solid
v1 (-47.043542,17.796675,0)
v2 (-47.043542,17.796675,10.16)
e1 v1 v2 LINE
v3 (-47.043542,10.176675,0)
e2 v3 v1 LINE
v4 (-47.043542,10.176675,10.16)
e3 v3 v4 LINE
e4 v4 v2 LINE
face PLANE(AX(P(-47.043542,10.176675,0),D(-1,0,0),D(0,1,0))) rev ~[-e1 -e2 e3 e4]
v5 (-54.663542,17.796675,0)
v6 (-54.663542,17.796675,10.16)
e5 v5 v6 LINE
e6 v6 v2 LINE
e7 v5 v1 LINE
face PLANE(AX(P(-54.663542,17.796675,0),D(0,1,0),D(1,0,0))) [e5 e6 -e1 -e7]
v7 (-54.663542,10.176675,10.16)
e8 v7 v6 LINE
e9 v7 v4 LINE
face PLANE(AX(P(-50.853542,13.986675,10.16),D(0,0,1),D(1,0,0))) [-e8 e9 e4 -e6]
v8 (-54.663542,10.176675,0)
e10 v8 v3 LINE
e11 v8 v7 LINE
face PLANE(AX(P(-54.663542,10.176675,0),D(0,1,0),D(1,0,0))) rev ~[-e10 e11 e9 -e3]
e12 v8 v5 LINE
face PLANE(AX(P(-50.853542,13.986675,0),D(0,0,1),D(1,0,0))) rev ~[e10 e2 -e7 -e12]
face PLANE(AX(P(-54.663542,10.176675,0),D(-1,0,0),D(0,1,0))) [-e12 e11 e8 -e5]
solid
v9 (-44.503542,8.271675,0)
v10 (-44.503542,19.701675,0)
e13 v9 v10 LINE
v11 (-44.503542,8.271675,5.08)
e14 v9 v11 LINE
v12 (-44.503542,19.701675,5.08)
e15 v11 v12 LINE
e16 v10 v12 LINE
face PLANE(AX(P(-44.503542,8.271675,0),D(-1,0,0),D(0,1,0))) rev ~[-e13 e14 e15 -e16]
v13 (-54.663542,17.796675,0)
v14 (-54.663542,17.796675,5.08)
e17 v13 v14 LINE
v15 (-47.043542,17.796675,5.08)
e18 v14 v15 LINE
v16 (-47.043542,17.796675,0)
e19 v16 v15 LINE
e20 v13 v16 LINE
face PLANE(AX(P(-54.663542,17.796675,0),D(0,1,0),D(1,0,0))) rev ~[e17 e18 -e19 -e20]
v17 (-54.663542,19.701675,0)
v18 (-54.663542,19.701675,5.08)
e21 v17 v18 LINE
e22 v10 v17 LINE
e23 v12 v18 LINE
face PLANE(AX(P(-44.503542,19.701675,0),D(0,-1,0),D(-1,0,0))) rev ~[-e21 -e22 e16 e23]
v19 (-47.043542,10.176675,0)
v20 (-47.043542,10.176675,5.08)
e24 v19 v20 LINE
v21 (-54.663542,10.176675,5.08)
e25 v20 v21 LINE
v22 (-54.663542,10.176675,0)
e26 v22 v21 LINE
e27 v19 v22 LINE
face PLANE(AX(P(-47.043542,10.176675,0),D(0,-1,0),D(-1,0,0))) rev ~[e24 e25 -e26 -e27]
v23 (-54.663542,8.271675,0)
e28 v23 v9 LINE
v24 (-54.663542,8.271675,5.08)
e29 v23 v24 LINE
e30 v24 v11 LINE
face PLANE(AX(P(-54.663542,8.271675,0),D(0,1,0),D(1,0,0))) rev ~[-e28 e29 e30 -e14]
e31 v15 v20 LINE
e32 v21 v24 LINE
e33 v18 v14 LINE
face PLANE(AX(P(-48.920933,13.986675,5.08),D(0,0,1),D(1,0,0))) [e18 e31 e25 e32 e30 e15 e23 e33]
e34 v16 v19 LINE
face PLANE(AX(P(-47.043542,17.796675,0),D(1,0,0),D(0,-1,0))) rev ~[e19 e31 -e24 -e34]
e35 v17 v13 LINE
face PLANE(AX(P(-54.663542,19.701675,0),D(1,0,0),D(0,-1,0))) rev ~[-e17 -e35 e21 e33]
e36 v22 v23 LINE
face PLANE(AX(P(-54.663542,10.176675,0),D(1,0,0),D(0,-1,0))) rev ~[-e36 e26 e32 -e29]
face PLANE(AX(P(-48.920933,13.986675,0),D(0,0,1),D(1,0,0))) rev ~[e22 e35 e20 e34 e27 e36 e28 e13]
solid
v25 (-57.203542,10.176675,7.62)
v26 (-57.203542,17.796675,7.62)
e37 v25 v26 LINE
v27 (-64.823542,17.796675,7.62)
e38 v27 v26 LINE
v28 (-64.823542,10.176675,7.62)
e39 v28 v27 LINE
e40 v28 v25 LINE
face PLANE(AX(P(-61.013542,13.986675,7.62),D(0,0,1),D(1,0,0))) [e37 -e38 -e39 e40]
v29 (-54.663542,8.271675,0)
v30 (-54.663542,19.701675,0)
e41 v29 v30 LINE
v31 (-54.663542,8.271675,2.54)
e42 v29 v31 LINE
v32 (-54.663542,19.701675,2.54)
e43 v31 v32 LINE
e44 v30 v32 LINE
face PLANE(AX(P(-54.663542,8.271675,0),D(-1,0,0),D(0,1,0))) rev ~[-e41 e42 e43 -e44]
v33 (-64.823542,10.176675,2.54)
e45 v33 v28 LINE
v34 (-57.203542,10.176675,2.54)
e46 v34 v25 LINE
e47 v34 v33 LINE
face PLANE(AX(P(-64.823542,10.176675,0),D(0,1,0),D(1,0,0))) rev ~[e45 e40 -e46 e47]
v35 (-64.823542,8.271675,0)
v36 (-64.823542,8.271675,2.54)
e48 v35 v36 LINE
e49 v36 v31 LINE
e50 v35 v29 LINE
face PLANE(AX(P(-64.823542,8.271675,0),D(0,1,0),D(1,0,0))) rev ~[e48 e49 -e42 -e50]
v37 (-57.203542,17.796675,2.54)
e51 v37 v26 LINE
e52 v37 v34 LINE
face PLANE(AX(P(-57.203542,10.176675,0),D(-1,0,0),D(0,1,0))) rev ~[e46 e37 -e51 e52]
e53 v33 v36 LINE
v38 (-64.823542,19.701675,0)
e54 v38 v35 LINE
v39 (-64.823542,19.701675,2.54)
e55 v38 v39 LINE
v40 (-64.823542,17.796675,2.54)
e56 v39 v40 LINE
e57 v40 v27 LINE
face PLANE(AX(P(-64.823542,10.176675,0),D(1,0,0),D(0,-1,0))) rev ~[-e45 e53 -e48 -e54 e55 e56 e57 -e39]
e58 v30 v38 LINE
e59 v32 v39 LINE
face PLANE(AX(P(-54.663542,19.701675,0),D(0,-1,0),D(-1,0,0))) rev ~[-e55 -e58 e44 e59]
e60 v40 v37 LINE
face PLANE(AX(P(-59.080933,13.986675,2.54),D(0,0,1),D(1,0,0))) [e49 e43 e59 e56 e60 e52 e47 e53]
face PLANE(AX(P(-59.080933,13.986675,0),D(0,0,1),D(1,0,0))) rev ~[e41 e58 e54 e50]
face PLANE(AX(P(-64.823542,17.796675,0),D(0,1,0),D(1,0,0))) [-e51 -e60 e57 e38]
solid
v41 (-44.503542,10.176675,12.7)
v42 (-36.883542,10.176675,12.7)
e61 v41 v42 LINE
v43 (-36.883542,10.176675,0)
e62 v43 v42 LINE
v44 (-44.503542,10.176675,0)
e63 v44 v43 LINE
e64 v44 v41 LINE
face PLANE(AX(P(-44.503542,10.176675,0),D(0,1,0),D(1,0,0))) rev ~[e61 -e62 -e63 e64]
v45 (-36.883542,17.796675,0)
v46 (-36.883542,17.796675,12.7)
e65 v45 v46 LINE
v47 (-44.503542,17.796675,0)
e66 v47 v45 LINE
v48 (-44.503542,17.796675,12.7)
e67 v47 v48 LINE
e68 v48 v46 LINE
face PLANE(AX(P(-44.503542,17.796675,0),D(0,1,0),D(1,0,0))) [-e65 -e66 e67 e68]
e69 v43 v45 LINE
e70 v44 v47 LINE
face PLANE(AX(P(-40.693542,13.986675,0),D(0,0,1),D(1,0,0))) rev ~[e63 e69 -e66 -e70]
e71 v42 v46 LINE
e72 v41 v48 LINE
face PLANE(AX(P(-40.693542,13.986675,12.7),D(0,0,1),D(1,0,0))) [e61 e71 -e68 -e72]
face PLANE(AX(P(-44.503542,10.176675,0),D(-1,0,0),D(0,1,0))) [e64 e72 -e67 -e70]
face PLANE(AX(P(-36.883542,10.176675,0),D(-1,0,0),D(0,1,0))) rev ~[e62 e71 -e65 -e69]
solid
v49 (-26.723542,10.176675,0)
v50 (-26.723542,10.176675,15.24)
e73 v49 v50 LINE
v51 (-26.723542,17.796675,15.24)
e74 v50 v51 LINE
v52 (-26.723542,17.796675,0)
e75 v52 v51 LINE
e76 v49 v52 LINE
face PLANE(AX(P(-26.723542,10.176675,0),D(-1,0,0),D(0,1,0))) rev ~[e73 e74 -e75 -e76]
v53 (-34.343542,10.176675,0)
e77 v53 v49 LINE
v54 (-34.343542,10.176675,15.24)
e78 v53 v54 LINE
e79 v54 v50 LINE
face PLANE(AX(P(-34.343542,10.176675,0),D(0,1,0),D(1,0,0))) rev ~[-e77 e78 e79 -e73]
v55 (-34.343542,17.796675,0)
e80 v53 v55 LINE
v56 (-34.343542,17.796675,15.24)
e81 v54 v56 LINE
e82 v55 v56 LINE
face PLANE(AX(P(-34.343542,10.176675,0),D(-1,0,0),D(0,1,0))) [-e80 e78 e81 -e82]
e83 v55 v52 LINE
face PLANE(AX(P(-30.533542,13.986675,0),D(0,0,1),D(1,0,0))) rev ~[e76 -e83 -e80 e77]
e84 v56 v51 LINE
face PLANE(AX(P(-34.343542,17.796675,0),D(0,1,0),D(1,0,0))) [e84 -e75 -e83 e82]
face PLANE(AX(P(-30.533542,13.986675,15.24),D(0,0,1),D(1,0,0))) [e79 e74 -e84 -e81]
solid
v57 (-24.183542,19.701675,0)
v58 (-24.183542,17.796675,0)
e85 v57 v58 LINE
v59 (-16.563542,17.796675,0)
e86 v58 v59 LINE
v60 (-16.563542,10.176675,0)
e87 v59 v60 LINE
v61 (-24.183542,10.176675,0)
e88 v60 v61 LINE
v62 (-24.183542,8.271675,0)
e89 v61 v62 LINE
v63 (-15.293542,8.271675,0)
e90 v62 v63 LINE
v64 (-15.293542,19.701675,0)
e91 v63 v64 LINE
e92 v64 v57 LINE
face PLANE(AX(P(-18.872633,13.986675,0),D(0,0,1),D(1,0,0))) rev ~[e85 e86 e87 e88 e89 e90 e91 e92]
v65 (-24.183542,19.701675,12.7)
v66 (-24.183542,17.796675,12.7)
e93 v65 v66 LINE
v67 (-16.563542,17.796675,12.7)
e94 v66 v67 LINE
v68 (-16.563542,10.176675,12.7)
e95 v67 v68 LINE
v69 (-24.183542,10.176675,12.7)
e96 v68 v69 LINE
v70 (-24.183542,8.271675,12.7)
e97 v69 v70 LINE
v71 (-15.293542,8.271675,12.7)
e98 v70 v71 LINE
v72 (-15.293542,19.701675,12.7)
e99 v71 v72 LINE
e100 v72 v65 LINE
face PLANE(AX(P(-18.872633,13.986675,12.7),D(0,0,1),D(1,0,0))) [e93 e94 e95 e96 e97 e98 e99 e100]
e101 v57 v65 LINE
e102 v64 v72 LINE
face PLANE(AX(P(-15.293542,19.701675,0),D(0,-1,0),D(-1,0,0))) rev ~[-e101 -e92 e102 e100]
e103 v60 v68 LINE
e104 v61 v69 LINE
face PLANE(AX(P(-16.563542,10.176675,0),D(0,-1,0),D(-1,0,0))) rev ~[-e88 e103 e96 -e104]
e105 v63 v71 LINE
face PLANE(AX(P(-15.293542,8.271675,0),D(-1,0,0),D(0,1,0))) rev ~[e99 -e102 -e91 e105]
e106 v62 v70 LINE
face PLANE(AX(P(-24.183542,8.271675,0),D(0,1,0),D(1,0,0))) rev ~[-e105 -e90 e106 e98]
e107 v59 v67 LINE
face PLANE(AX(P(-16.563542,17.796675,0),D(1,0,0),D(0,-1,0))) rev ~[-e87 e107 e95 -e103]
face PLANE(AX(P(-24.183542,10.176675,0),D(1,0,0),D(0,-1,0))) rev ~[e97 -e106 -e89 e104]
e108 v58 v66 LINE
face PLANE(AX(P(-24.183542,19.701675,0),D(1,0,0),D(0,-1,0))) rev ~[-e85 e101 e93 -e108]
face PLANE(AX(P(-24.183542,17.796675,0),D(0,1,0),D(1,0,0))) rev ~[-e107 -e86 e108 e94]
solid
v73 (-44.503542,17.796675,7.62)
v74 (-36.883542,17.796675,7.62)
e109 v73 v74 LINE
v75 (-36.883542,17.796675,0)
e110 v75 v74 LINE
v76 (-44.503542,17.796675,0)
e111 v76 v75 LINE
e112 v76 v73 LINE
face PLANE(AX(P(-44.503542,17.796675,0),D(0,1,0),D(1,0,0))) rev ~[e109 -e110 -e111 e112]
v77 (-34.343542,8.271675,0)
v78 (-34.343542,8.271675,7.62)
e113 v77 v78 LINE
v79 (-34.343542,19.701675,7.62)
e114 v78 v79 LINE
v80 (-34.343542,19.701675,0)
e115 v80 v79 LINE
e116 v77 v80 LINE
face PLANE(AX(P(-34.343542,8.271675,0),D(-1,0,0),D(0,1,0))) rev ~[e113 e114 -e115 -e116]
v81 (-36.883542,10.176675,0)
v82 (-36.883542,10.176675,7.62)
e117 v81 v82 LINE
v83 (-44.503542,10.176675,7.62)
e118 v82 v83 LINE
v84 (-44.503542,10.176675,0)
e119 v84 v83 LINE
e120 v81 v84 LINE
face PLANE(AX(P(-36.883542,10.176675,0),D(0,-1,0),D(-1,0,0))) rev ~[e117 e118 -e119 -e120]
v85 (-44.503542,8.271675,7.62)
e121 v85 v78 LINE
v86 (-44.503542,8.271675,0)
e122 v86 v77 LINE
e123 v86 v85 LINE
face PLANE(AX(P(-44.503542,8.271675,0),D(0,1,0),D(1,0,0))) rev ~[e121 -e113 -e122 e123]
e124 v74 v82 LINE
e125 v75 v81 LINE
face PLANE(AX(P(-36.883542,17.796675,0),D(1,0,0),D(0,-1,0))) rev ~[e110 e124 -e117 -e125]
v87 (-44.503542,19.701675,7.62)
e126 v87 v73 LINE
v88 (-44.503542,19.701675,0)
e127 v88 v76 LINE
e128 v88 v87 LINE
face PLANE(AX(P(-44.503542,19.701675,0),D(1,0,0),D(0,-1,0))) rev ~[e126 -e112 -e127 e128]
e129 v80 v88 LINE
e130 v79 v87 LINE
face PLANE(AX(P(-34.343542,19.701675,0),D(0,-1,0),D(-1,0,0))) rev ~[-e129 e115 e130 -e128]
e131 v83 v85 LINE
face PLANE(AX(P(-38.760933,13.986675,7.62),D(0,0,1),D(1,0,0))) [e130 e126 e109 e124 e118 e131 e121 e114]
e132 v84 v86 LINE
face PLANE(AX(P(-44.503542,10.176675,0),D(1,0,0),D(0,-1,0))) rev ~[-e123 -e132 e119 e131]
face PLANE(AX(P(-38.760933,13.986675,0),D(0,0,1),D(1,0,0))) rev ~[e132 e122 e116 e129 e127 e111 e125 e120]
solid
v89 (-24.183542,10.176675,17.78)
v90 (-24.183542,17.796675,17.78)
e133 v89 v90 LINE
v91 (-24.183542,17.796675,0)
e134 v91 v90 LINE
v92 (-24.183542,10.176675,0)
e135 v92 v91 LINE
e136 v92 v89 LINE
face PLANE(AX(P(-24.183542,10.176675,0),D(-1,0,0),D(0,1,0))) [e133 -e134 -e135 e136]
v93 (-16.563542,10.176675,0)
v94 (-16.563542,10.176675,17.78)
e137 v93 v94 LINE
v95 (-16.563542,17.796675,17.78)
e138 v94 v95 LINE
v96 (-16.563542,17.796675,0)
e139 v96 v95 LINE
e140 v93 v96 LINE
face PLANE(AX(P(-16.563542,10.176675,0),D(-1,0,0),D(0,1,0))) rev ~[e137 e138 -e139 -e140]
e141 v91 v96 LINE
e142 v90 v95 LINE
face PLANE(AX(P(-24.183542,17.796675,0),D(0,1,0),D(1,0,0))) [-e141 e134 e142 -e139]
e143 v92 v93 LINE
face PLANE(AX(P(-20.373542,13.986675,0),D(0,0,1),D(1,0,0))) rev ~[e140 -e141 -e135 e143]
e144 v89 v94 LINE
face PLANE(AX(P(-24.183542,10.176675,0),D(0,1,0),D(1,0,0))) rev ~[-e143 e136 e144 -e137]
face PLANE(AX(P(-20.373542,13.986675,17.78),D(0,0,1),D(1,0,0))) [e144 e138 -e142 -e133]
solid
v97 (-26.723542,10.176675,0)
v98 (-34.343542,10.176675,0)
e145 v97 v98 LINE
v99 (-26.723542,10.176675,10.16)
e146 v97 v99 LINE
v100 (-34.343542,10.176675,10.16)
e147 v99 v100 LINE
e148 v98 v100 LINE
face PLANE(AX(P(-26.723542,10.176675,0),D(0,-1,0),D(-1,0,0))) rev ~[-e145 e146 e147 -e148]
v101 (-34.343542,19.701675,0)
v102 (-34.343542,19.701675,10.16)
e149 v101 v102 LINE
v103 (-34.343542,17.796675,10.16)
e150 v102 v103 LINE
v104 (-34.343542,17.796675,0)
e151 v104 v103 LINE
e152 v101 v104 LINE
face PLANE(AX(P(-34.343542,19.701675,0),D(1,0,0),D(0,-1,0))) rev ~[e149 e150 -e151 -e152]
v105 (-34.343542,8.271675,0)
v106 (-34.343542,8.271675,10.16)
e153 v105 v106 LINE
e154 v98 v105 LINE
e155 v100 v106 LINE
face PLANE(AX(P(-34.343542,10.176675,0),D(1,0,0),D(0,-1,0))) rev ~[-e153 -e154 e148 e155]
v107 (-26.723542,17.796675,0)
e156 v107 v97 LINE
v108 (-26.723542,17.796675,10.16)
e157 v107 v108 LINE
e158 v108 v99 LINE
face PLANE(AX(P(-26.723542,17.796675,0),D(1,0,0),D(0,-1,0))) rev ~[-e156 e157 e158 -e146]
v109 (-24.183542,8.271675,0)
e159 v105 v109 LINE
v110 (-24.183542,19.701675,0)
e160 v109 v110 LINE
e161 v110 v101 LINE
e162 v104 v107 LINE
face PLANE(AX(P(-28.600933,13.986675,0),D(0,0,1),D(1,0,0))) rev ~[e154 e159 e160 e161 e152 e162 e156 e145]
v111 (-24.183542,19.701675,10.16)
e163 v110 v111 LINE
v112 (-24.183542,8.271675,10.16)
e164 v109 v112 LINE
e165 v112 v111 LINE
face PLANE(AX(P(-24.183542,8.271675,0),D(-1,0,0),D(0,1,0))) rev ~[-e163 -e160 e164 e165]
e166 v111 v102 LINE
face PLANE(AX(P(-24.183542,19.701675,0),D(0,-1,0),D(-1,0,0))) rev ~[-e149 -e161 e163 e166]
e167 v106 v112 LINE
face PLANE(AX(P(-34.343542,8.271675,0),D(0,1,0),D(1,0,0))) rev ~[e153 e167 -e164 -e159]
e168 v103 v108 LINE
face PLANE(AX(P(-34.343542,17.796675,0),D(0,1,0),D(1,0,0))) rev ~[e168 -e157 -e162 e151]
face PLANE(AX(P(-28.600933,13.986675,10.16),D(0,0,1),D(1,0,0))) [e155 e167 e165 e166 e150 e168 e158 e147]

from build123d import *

# Parameters (mm, degrees)
F0_W      = 7.62
F0_H      = 7.62
F1_DEPTH  = 7.62
F2_DEPTH  = 2.54
F3_DEPTH  = 10.16
F4_DEPTH  = 5.08
F5_DEPTH  = 12.7
F6_DEPTH  = 7.62
F7_DEPTH  = 15.24
F8_DEPTH  = 10.16
F9_DEPTH  = 17.78
F10_DEPTH = 12.7


with BuildPart() as f1:
    # F0 (on Top) → F1 (new body)
    with BuildSketch(Plane.XY):
        with Locations((-61.013542, 13.986675)):
            Rectangle(F0_W, F0_H)
    extrude(amount=F1_DEPTH)

    # F0 (on Top) → F2 (join)
    with BuildSketch(Plane.XY):
        Polygon((-64.823542, 8.271675), (-54.663542, 8.271675), (-54.663542, 10.176675), (-54.663542, 17.796675), (-54.663542, 19.701675), (-64.823542, 19.701675), (-64.823542, 17.796675), (-57.203542, 17.796675), (-57.203542, 10.176675), (-64.823542, 10.176675), align=None)
    extrude(amount=F2_DEPTH)


with BuildPart() as f3:
    # F0 (on Top) → F3 (new body)
    with BuildSketch(Plane.XY):
        with Locations((-50.853542, 13.986675)):
            Rectangle(F0_W, F0_H)
    extrude(amount=F3_DEPTH)


with BuildPart() as f4:
    # F0 (on Top) → F4 (new body)
    with BuildSketch(Plane.XY):
        Polygon((-54.663542, 8.271675), (-44.503542, 8.271675), (-44.503542, 10.176675), (-44.503542, 17.796675), (-44.503542, 19.701675), (-54.663542, 19.701675), (-54.663542, 17.796675), (-47.043542, 17.796675), (-47.043542, 10.176675), (-54.663542, 10.176675), align=None)
    extrude(amount=F4_DEPTH)


with BuildPart() as f5:
    # F0 (on Top) → F5 (new body)
    with BuildSketch(Plane.XY):
        with Locations((-40.693542, 13.986675)):
            Rectangle(F0_W, F0_H)
    extrude(amount=F5_DEPTH)


with BuildPart() as f6:
    # F0 (on Top) → F6 (new body)
    with BuildSketch(Plane.XY):
        Polygon((-44.503542, 8.271675), (-34.343542, 8.271675), (-34.343542, 10.176675), (-34.343542, 17.796675), (-34.343542, 19.701675), (-44.503542, 19.701675), (-44.503542, 17.796675), (-36.883542, 17.796675), (-36.883542, 10.176675), (-44.503542, 10.176675), align=None)
    extrude(amount=F6_DEPTH)


with BuildPart() as f7:
    # F0 (on Top) → F7 (new body)
    with BuildSketch(Plane.XY):
        with Locations((-30.533542, 13.986675)):
            Rectangle(F0_W, F0_H)
    extrude(amount=F7_DEPTH)


with BuildPart() as f8:
    # F0 (on Top) → F8 (new body)
    with BuildSketch(Plane.XY):
        Polygon((-34.343542, 8.271675), (-24.183542, 8.271675), (-24.183542, 10.176675), (-24.183542, 17.796675), (-24.183542, 19.701675), (-34.343542, 19.701675), (-34.343542, 17.796675), (-26.723542, 17.796675), (-26.723542, 10.176675), (-34.343542, 10.176675), align=None)
    extrude(amount=F8_DEPTH)


with BuildPart() as f9:
    # F0 (on Top) → F9 (new body)
    with BuildSketch(Plane.XY):
        with Locations((-20.373542, 13.986675)):
            Rectangle(F0_W, F0_H)
    extrude(amount=F9_DEPTH)


with BuildPart() as f10:
    # F0 (on Top) → F10 (new body)
    with BuildSketch(Plane.XY):
        Polygon((-24.183542, 8.271675), (-15.293542, 8.271675), (-15.293542, 19.701675), (-24.183542, 19.701675), (-24.183542, 17.796675), (-16.563542, 17.796675), (-16.563542, 10.176675), (-24.183542, 10.176675), align=None)
    extrude(amount=F10_DEPTH)


solid = Compound([f1.part, f3.part, f4.part, f5.part, f6.part, f7.part, f8.part, f9.part, f10.part])
